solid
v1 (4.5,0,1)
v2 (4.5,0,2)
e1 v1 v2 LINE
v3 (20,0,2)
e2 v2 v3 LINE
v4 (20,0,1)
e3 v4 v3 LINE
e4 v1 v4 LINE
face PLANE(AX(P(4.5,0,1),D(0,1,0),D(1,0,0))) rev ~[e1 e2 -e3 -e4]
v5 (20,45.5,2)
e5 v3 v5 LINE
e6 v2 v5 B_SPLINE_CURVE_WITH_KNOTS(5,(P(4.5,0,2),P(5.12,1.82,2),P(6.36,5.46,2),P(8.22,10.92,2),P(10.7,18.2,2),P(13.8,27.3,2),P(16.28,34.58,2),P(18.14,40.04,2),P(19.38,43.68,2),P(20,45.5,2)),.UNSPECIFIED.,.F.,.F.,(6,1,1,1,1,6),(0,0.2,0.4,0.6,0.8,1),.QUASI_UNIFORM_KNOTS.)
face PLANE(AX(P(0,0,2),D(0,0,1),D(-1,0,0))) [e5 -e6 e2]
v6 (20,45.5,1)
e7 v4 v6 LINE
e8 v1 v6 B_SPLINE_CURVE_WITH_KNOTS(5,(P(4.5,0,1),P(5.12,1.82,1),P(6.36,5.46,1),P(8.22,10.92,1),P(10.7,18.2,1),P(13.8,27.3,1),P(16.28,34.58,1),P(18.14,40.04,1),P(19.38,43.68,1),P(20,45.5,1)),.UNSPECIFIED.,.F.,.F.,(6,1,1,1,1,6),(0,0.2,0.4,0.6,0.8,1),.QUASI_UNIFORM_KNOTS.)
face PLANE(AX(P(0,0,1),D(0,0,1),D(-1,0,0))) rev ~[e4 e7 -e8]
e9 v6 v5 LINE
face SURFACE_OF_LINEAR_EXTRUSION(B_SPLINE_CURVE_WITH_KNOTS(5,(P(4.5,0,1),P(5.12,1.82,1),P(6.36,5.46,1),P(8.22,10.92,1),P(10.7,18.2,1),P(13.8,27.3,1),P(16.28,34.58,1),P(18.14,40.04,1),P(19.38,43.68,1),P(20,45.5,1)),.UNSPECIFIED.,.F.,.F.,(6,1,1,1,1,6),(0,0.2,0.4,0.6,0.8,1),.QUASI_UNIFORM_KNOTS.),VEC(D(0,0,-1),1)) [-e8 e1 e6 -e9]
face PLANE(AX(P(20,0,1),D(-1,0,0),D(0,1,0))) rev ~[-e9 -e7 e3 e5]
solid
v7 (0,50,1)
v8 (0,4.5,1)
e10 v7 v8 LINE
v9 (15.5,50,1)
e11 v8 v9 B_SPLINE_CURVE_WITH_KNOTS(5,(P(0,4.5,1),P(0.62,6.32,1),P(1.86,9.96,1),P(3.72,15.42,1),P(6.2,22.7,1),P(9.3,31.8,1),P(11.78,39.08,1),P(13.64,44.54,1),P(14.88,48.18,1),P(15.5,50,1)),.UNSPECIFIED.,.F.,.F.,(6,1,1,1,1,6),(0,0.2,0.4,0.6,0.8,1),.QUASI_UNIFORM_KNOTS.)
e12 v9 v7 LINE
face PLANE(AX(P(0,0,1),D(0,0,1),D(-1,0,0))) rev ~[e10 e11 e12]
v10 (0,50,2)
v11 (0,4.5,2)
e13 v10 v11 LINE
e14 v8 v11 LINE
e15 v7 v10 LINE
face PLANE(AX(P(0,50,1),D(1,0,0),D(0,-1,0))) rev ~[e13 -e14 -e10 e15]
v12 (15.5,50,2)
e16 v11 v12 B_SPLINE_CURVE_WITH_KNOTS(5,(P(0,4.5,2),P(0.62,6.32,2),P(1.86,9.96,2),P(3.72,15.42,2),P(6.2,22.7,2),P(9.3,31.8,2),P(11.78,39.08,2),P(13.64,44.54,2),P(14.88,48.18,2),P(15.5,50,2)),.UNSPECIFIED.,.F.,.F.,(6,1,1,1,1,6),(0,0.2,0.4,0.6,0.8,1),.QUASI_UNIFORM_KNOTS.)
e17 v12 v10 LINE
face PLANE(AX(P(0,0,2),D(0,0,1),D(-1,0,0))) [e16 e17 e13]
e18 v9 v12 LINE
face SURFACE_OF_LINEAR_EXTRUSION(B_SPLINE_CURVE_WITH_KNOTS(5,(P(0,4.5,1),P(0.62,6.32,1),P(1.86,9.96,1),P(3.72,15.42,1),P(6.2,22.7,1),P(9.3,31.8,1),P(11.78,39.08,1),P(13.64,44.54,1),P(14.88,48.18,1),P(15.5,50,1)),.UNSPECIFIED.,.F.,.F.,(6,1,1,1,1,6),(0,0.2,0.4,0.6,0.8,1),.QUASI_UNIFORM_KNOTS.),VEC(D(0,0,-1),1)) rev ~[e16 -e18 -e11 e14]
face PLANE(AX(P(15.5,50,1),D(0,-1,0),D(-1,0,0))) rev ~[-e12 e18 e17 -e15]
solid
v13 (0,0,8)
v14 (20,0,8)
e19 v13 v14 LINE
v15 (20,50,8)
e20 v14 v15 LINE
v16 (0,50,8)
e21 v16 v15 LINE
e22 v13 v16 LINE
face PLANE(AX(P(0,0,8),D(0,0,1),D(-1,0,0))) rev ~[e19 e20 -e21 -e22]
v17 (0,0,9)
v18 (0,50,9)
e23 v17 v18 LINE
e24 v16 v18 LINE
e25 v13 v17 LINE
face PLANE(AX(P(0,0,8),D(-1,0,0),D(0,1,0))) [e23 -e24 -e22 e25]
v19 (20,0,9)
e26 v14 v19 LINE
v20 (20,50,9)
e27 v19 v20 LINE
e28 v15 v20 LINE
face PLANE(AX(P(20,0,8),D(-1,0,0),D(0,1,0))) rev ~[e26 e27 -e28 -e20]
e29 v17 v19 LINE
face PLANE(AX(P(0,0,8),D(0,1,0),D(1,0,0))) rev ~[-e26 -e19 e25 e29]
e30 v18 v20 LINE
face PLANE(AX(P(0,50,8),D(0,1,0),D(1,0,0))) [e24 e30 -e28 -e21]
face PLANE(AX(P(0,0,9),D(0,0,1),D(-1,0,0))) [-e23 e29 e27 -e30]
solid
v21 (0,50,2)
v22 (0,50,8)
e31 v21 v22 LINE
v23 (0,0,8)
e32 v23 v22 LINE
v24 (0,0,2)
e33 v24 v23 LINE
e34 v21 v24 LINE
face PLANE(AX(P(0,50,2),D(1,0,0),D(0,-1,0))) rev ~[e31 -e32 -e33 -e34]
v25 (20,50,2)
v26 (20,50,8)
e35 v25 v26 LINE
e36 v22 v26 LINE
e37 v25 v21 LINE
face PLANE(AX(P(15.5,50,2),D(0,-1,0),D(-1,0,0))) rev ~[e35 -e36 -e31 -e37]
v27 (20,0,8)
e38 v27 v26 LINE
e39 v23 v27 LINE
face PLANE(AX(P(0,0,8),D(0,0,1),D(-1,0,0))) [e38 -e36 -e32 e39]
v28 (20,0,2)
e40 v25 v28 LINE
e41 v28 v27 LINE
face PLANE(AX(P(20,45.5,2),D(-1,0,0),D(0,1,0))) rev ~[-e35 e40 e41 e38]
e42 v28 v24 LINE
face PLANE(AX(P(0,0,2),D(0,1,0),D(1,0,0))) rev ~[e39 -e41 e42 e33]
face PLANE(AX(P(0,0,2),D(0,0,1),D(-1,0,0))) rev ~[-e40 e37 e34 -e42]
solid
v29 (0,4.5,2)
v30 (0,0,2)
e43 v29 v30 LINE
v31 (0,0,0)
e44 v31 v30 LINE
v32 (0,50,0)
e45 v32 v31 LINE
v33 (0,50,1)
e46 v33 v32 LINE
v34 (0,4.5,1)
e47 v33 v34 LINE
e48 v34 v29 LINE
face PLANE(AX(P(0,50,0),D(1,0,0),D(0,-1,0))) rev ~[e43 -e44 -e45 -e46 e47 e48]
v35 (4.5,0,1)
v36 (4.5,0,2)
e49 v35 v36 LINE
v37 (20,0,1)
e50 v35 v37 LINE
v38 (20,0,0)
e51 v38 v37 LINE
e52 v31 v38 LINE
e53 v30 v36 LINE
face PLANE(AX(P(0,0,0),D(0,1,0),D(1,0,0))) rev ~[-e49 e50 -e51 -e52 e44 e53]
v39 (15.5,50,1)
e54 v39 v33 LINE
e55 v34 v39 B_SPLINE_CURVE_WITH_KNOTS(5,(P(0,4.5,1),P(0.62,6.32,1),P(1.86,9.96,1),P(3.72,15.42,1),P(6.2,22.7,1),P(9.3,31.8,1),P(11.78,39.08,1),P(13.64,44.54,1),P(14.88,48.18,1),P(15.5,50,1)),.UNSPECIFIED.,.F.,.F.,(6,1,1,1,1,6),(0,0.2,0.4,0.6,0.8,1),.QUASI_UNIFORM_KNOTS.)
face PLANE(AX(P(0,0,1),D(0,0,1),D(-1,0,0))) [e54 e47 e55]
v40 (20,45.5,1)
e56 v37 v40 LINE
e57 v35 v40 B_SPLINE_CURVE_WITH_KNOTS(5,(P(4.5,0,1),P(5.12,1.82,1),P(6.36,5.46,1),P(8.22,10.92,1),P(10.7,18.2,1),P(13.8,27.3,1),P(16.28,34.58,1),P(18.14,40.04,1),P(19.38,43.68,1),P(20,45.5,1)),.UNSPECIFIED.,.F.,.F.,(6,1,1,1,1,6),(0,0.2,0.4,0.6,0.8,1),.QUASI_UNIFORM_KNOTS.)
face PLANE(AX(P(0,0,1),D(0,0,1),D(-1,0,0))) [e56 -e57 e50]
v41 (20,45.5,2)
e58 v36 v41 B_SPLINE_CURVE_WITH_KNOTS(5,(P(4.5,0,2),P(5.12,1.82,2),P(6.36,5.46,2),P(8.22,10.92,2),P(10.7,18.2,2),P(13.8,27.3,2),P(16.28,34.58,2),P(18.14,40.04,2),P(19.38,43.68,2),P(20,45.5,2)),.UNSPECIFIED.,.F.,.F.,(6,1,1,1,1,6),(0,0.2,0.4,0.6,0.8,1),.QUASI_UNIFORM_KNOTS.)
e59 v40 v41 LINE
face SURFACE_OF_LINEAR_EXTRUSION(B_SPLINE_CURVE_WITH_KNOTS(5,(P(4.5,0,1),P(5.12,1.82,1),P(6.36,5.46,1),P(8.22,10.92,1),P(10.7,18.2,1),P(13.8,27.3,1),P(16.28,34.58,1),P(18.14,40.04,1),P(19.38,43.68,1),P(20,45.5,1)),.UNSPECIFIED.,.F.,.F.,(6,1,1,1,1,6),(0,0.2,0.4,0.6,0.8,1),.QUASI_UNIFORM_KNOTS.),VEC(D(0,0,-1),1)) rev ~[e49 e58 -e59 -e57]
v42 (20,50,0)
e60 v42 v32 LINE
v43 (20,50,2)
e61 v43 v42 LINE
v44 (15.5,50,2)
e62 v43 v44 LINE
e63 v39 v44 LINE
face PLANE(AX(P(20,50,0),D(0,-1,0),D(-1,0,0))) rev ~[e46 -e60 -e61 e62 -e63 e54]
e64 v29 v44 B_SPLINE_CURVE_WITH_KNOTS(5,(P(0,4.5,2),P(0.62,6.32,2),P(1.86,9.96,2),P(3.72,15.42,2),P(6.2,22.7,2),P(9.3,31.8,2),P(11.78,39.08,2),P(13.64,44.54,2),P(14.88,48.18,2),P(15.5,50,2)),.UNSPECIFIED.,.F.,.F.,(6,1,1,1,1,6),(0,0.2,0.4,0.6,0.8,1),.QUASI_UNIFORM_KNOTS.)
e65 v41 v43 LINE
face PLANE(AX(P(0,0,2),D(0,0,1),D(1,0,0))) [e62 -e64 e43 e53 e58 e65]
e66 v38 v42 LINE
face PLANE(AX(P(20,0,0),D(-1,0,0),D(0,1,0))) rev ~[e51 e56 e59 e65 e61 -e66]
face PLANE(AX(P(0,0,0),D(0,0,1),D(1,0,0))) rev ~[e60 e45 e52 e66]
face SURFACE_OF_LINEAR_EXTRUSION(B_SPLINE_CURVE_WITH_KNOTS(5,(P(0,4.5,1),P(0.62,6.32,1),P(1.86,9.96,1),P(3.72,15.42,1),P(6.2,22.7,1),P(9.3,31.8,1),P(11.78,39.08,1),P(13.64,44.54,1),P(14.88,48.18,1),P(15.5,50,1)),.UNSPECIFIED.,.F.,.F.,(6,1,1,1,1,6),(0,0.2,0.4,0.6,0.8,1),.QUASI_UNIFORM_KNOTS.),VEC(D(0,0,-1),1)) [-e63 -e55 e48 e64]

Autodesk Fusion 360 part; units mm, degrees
sketch "Esquisse1" plane through (0, 0, 0) normal (0, 0, 1) x (1, 0, 0)
  line L0 (0, 0) -> (20, 0)
  line L1 (20, 0) -> (20, 50)
  line L2 (20, 50) -> (0, 50)
  line L3 (0, 50) -> (0, 0)
  dimension "d5" = 20
  dimension "d6" = 50
extrude "Extrusion1" add sketch "Esquisse1" along normal blind 1 makes body 1 in component "support"
sketch "Esquisse1 (2)" plane through (0, 0, 1) normal (0, 0, 1) x (-1, 0, 0) in component "plaque_bas_droite"
  line L0 (0, -50) -> (0, 0)
  line L1 (0, 0) -> (-20, 0)
  line L2 (-20, 0) -> (-20, -50)
  line L3 (-20, -50) -> (0, -50)
  spline S0 degree 5 poles (-4.5, 0) (-5.12, -1.82) (-6.36, -5.46) (-8.22, -10.92) (-10.7, -18.2) (-13.8, -27.3) (-16.28, -34.58) (-18.14, -40.04) (-19.38, -43.68) (-20, -45.5) knots 0 0 0 0 0 0 0.2 0.4 0.6 0.8 1 1 1 1 1 1
  dimension "d10" = 4.5
  dimension "d11" = 4.5
extrude "Extrusion1'" add sketch "Esquisse1 (2)" along normal blind 1 separate body contours L1 L2 S0 makes body 2 in component "plaque_bas_droite"
sketch "Esquisse1 (3)" plane through (0, 0, 1) normal (0, 0, 1) x (-1, 0, 0) in component "plaque_haut_gauche"
  line L0 (0, -50) -> (0, 0)
  line L1 (0, 0) -> (-20, 0)
  line L2 (-20, 0) -> (-20, -50)
  line L3 (-20, -50) -> (0, -50)
  spline S0 degree 5 poles (0, -4.5) (-0.62, -6.32) (-1.86, -9.96) (-3.72, -15.42) (-6.2, -22.7) (-9.3, -31.8) (-11.78, -39.08) (-13.64, -44.54) (-14.88, -48.18) (-15.5, -50) knots 0 0 0 0 0 0 0.2 0.4 0.6 0.8 1 1 1 1 1 1
  dimension "d15" = 4.5
  dimension "d16" = 4.5
extrude "Extrusion1''" add sketch "Esquisse1 (3)" along normal blind 1 separate body contours L0 L3 S0 makes body 3 in component "plaque_haut_gauche"
extrude "Extrusion2" add 1 faces at (6.6667, 33.3333, 1) along direction (0, 0, 1) blind 1 on bodies 1 bodies 1 in component "support"
copy_body "CopierCollerCorps1" bodies 3 2 makes body 4 makes body 5 in component "support"
combine "Combiner1" operation cut target body 1 tool bodies 4 5 in component "support"
extrude "Extrusion1'''" add 1 faces at (5.1667, 34.8333, 2) along direction (0, 0, 1) blind 6 separate body on bodies 3 makes body 6 in component "mousse"
extrude "Extrusion2'" add 1 faces at (14.8333, 15.1667, 2) along direction (0, 0, 1) blind 6 separate body on bodies 2 makes body 7 in component "mousse"
extrude "Extrusion3" add 1 faces at (11.8333, 33.3333, 2) along direction (0, 0, 1) blind 6 on bodies 1 bodies 6 7 in component "mousse"
extrude "Extrusion1''''" add 1 faces at (6.6667, 33.3333, 8) along direction (0, 0, 1) blind 1 separate body on bodies 6 makes body 8 in component "plateau"
component "support" placed x (1, 0, 0) y (0, 1, 0) z (0, 0, 1) at (0, 0, 0)
component "plaque_bas_droite" placed x (1, 0, 0) y (0, 1, 0) z (0, 0, 1) at (0, 0, 0)
component "plaque_haut_gauche" placed x (1, 0, 0) y (0, 1, 0) z (0, 0, 1) at (0, 0, 0)
component "mousse" placed x (1, 0, 0) y (0, 1, 0) z (0, 0, 1) at (0, 0, 0)
component "plateau" placed x (1, 0, 0) y (0, 1, 0) z (0, 0, 1) at (0, 0, 0)
equation "largeur = 20 mm"
equation "longeur = 50 mm"
equation "ecart_au_carré = 9 mm"
equation "ecart_coté = ( ecart_au_carré / 2 )"
equation "d5 = largeur"
equation "d6 = longeur"
equation "Hauteur_support = 1 mm"
equation "d8 = Hauteur_support"
equation "d10 = ecart_coté"
equation "d11 = ecart_coté"
equation "epaisseur = 1 mm"
equation "d15 = ecart_coté"
equation "d16 = ecart_coté"
equation "d17 = epaisseur"
equation "d19 = epaisseur"
equation "mousse = 6 mm"
equation "d22 = mousse"
equation "d24 = mousse"
equation "d26 = mousse"
equation "d28 = epaisseur"
